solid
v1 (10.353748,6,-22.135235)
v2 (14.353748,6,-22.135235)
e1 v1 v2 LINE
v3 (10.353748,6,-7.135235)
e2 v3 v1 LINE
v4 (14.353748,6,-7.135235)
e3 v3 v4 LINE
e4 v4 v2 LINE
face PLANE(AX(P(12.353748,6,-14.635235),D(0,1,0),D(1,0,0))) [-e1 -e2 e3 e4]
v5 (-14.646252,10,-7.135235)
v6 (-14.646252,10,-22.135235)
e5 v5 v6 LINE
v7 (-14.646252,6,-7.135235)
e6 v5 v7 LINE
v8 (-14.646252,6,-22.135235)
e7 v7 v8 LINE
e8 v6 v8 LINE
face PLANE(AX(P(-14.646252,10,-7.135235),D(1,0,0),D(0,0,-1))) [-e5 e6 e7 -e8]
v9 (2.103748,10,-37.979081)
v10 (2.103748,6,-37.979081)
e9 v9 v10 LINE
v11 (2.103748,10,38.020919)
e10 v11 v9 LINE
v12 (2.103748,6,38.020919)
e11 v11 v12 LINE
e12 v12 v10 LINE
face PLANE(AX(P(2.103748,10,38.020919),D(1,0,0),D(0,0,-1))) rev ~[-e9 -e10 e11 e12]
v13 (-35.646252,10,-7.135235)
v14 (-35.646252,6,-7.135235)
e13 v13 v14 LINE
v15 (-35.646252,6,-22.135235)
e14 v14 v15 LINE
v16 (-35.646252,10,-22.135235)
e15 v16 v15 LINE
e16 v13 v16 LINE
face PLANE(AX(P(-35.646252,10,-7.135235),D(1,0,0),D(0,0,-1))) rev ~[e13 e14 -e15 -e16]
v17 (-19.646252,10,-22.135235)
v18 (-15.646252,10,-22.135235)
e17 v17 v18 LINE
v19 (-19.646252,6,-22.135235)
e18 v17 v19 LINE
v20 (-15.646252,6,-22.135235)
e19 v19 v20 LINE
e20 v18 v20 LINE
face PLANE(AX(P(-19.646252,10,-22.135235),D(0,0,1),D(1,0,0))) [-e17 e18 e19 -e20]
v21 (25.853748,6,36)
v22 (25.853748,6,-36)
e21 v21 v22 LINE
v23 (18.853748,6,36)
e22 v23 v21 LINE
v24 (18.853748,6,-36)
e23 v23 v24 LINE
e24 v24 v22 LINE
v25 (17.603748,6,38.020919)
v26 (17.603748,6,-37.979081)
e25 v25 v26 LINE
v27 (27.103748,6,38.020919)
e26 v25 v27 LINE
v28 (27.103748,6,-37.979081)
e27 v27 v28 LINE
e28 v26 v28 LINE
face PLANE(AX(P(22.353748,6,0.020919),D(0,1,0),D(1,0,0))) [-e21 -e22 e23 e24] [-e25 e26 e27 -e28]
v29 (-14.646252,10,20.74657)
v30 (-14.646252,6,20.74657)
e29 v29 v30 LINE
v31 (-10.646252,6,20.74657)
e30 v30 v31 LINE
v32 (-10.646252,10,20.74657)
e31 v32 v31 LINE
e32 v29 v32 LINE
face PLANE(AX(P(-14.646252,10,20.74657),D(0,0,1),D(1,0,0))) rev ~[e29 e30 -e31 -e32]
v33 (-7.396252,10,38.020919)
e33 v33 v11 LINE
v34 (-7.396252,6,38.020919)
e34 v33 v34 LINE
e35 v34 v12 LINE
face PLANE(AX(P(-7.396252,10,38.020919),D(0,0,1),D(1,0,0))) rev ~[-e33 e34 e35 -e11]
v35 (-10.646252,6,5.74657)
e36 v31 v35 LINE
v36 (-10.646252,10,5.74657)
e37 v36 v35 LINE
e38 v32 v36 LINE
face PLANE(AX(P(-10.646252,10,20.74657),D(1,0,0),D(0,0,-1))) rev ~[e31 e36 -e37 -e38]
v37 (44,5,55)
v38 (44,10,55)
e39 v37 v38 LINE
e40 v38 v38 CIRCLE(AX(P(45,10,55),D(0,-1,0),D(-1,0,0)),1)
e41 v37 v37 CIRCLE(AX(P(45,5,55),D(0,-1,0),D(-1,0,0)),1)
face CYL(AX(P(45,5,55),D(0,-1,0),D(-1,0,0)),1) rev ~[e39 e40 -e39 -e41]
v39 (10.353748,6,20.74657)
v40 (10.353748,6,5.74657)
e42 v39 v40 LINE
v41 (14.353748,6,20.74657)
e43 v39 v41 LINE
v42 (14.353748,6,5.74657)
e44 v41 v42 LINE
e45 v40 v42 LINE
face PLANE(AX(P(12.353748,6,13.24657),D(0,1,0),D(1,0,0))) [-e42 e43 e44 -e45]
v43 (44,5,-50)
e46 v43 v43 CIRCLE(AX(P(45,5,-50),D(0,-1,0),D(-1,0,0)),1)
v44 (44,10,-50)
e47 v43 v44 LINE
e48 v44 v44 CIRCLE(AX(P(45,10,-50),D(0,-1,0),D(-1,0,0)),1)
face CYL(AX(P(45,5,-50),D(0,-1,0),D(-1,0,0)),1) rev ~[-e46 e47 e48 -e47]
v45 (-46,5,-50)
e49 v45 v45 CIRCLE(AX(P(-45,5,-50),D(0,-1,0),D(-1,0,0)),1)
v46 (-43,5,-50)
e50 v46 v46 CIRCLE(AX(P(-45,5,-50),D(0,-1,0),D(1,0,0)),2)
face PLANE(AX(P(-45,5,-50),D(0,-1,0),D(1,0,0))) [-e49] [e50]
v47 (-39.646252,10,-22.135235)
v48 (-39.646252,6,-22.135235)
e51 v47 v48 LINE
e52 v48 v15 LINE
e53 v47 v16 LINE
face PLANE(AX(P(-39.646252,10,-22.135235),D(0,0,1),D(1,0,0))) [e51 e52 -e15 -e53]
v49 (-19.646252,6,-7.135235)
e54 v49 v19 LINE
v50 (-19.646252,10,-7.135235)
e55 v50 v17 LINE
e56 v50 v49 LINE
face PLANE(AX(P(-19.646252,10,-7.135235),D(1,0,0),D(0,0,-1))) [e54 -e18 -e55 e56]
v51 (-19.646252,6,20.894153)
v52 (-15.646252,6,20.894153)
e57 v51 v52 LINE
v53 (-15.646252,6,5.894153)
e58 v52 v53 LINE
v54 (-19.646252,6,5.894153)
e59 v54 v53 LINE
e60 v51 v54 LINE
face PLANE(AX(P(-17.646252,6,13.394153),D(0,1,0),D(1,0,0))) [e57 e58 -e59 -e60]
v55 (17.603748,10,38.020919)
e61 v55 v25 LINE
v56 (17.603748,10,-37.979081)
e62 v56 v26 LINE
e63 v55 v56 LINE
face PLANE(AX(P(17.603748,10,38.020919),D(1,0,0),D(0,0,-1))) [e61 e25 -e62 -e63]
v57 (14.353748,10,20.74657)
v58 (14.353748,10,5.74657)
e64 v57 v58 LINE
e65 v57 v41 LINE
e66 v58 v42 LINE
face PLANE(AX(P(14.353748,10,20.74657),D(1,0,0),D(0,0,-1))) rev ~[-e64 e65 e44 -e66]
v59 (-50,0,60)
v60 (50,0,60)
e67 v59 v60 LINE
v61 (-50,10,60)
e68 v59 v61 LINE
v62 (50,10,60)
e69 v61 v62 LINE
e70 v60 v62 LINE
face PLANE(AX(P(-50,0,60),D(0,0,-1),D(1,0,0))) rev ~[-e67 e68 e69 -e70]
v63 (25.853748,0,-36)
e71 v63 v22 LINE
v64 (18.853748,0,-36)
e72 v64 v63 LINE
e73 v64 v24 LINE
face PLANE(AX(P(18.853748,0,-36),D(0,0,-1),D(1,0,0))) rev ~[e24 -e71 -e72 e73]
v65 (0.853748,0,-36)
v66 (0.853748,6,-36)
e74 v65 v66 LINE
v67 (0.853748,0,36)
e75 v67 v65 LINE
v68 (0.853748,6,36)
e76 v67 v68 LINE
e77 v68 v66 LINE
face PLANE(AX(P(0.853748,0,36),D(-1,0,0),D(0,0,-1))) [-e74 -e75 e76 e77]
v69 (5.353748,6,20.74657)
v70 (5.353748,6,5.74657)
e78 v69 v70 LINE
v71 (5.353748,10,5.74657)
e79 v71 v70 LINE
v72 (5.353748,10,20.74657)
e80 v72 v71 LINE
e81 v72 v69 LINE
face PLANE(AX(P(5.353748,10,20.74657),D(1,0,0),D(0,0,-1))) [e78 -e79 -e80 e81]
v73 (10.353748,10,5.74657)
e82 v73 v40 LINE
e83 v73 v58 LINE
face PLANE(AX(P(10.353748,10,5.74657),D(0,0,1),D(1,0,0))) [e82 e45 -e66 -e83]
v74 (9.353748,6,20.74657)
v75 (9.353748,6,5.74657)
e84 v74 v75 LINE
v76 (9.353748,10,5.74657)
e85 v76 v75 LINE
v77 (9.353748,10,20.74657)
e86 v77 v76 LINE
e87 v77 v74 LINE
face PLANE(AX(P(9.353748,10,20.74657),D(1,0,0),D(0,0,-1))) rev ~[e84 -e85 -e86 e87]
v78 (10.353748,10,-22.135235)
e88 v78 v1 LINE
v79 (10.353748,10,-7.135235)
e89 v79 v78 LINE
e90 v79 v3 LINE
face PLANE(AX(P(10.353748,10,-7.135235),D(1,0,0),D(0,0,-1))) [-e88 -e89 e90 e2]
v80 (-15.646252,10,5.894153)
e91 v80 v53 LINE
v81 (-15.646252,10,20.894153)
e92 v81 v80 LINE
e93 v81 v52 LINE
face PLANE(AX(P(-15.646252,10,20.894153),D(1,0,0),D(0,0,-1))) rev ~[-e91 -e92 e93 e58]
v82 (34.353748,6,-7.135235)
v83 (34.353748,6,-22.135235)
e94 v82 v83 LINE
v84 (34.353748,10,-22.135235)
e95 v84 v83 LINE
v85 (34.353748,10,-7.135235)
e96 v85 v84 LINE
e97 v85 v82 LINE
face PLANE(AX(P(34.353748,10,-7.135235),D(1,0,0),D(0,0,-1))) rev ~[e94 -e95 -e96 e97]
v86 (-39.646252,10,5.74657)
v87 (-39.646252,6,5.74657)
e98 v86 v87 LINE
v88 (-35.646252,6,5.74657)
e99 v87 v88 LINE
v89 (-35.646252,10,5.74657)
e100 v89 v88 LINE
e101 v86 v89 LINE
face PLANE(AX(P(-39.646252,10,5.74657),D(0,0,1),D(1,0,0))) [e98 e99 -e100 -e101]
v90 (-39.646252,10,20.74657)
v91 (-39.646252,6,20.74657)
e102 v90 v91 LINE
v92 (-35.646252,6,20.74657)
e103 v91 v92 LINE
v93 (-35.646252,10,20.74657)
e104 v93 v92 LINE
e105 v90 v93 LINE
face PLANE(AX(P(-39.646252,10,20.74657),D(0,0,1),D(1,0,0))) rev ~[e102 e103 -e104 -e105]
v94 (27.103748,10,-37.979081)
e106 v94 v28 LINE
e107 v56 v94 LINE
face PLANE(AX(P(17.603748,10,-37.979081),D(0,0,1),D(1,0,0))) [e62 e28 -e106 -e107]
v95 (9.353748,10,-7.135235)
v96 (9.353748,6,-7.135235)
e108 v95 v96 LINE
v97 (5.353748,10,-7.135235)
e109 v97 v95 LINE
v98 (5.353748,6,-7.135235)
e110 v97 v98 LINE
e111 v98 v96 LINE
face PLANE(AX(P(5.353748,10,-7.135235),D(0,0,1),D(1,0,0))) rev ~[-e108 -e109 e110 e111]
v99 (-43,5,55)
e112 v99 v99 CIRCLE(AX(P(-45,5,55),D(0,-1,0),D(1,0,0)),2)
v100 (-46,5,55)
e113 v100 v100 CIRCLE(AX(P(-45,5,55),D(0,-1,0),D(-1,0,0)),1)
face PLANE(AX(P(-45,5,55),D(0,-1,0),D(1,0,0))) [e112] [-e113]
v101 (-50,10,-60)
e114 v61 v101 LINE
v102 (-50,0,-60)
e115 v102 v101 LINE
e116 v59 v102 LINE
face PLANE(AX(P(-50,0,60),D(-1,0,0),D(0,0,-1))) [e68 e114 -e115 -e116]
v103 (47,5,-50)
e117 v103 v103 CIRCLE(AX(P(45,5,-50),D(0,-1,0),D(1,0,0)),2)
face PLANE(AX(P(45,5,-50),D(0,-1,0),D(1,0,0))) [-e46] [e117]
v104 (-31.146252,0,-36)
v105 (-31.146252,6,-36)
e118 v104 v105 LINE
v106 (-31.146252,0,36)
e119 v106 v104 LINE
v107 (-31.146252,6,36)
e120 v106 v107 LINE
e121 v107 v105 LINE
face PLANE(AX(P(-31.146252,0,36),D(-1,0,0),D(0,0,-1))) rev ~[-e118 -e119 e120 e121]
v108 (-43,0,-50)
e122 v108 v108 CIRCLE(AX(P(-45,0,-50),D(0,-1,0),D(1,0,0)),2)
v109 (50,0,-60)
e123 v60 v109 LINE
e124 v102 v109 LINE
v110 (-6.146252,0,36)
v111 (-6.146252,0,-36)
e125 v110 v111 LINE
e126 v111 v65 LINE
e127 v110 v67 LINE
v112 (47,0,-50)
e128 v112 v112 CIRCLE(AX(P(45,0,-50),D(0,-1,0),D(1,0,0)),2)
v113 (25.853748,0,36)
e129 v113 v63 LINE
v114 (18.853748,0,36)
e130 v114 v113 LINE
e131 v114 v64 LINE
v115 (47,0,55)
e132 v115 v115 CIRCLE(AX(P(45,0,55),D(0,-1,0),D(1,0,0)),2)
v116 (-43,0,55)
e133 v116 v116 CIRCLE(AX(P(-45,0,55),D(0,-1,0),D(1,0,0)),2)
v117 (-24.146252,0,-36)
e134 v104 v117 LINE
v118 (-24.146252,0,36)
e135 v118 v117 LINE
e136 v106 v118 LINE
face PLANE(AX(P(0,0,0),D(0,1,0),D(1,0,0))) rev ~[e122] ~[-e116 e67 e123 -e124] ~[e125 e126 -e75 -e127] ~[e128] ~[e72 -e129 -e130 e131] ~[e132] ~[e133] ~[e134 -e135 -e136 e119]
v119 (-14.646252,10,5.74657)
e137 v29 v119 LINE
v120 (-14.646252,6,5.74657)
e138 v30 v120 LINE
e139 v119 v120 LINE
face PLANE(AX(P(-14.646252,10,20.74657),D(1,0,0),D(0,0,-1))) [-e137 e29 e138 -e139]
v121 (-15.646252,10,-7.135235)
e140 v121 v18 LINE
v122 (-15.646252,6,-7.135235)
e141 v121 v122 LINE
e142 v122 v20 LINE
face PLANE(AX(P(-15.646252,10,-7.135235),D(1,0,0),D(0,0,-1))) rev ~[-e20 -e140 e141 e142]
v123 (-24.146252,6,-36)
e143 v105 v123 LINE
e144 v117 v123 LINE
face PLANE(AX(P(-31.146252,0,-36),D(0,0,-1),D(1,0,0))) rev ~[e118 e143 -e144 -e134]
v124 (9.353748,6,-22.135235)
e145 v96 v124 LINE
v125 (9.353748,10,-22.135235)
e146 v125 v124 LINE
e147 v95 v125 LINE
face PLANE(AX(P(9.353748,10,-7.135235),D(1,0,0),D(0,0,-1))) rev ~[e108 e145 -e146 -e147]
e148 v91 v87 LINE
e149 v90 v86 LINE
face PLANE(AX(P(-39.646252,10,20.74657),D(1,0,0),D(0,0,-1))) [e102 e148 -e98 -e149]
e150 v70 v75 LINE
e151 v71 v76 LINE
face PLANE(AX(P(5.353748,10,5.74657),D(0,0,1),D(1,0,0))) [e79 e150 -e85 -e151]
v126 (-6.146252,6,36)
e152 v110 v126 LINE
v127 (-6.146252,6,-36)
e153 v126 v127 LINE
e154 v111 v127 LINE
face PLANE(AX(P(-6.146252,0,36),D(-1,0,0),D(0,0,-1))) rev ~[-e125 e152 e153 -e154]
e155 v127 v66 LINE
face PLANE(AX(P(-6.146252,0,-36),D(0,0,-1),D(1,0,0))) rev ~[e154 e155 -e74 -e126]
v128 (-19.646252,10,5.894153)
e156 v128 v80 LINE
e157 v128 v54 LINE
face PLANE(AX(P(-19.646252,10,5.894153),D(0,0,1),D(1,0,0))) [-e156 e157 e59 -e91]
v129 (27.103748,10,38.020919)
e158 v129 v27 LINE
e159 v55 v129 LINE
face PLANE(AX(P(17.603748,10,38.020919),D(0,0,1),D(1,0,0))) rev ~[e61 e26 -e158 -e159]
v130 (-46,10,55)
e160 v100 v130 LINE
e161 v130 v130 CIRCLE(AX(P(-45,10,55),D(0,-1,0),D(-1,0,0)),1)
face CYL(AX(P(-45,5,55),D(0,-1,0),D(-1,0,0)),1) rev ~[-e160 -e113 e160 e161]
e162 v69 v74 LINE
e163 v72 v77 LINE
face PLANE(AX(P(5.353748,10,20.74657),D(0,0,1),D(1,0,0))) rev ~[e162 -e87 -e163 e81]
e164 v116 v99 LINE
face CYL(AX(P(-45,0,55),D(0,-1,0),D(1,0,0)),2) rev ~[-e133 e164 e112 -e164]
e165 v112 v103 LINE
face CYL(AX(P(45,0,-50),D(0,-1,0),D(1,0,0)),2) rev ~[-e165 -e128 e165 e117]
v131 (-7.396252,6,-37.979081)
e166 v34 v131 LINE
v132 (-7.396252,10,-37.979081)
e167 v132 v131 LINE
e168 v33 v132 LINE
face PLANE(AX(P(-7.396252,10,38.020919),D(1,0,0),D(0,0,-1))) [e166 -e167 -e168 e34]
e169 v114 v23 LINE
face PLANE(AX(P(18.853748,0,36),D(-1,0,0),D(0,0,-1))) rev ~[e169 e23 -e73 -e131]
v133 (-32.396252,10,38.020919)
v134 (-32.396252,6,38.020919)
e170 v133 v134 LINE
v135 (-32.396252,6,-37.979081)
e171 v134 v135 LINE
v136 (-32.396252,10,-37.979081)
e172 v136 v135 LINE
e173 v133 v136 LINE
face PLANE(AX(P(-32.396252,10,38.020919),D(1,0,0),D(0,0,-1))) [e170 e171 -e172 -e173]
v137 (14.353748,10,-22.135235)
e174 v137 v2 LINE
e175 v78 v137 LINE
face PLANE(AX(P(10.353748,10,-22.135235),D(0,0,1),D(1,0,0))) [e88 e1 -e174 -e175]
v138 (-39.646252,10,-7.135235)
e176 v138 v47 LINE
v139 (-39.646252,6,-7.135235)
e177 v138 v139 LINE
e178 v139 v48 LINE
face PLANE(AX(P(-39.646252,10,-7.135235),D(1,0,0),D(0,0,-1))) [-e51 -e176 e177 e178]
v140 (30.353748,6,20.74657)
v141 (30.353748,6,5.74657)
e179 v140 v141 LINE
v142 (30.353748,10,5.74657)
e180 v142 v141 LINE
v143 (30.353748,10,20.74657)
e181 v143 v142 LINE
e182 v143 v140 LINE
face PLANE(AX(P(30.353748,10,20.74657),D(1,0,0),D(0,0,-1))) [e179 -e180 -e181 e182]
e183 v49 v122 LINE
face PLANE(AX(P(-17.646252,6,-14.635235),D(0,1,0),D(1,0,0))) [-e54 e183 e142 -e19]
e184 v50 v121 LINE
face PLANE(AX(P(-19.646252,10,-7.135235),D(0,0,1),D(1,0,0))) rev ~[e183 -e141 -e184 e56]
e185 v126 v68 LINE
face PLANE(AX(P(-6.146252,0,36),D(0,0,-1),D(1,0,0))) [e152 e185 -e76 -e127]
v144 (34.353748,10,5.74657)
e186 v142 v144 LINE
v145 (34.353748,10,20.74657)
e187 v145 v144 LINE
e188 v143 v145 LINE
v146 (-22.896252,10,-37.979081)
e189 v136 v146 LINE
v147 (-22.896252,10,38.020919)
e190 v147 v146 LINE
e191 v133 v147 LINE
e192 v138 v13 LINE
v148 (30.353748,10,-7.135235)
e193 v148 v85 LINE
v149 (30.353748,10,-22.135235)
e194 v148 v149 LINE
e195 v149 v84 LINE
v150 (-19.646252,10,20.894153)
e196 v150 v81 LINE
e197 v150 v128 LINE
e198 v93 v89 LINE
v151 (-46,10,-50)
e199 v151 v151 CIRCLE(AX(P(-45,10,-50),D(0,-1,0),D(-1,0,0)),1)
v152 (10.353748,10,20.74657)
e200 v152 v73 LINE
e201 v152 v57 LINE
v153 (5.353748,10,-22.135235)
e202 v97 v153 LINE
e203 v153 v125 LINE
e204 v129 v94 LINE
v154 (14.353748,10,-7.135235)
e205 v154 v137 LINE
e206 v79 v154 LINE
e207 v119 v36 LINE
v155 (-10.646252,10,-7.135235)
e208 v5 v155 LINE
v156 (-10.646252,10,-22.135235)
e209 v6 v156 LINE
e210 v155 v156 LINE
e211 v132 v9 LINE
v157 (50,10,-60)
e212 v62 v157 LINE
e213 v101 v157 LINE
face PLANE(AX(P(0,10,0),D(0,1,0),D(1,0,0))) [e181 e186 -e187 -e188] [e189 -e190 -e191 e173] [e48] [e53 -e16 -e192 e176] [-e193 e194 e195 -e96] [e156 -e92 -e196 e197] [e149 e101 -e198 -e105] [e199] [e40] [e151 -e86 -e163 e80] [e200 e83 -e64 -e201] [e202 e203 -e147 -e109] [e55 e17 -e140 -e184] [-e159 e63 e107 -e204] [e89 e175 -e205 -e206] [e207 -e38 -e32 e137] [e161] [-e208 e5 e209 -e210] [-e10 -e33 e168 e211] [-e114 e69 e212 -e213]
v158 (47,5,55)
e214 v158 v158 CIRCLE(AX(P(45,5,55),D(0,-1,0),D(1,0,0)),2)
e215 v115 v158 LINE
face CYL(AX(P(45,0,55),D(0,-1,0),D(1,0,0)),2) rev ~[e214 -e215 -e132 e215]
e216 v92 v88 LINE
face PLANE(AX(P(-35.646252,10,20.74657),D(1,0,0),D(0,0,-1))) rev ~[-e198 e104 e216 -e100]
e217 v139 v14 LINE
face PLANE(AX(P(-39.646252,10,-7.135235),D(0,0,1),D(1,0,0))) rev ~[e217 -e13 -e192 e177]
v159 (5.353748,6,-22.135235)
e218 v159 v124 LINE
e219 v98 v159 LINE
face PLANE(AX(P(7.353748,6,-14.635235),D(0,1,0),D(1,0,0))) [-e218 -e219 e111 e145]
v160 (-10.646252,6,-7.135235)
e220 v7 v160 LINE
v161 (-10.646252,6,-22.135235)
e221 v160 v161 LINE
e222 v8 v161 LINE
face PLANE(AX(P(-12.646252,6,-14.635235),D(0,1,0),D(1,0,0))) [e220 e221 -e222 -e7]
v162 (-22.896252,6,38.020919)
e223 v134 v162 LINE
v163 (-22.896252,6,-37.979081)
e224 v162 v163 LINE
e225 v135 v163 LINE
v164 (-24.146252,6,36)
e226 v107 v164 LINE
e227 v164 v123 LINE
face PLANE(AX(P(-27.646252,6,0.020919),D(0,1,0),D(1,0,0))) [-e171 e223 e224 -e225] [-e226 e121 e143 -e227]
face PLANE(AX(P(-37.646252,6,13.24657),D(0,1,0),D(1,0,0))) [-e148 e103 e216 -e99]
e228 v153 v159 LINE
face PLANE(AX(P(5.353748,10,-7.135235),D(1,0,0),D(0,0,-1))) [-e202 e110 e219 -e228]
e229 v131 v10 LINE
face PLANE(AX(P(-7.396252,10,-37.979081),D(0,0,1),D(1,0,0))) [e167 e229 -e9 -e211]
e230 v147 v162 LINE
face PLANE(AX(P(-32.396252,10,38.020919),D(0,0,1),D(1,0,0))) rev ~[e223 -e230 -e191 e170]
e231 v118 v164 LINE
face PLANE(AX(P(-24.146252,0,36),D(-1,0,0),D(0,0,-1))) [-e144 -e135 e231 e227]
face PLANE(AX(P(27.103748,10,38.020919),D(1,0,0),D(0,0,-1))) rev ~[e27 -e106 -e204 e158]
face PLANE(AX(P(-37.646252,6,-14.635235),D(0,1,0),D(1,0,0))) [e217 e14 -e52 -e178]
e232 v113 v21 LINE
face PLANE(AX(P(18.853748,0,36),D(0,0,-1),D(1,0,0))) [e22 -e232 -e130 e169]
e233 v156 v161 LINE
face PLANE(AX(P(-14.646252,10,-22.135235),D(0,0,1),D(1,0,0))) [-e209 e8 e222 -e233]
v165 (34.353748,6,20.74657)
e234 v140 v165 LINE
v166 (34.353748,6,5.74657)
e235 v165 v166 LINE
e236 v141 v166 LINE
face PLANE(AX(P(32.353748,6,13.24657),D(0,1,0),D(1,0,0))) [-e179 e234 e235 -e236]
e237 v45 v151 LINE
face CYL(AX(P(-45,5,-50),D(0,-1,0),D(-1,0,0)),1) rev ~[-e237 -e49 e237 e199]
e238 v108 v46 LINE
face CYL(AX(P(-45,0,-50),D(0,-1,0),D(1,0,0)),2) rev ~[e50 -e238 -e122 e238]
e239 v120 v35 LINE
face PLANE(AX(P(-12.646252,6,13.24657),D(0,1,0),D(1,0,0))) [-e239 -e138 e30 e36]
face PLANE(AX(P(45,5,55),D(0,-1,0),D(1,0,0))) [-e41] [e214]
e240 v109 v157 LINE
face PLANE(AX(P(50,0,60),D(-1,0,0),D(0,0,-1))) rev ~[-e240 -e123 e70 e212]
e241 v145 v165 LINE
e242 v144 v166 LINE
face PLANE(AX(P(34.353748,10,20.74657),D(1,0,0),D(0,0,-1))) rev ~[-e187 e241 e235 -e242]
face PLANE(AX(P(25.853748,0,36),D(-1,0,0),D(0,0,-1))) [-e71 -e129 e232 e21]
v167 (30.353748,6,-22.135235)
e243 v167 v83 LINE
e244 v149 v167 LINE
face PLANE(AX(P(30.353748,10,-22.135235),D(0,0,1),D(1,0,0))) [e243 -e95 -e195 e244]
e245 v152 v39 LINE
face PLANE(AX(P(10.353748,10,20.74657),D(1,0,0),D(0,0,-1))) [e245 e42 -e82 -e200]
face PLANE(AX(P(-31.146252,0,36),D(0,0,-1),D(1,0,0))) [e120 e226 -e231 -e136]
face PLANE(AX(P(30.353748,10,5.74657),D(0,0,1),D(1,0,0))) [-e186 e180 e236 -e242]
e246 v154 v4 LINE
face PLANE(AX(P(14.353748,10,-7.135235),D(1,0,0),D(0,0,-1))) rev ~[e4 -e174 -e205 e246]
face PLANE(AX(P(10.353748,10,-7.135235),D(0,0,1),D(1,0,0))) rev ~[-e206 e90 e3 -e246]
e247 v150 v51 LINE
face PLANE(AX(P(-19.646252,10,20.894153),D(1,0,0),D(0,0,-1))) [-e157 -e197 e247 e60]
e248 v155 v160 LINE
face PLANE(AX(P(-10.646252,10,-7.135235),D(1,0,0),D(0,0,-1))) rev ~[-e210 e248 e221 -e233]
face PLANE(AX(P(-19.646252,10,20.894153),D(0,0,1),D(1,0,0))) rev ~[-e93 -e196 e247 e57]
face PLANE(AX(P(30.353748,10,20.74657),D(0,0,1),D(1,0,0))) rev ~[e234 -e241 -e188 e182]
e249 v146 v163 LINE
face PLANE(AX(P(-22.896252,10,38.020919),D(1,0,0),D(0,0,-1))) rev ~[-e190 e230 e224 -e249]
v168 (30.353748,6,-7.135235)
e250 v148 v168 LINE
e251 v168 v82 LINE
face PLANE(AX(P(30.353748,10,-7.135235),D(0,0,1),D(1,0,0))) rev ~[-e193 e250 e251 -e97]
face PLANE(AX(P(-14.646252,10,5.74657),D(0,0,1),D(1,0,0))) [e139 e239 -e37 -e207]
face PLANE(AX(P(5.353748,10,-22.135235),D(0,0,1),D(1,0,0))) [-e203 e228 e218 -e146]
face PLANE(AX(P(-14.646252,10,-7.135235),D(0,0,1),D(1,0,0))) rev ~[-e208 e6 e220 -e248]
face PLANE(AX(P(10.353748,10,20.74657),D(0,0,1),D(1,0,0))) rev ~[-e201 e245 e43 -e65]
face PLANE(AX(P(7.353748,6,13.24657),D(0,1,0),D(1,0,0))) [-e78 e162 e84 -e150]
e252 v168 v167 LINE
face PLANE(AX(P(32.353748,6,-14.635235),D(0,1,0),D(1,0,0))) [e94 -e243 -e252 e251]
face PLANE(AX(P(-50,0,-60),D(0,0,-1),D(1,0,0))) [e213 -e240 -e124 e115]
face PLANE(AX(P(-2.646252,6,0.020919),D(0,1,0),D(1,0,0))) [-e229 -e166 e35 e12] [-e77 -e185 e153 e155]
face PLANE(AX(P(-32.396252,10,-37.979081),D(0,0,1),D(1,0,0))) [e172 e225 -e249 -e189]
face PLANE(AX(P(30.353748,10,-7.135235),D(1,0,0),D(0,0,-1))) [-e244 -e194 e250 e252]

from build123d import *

# Parameters (mm, degrees)
SKETCH2_W           = 100
SKETCH2_H           = 120
SKETCH2_W_2         = 7
SKETCH2_H_2         = 72
BOSS_EXTRUDE1_DEPTH = 10
SKETCH3_W           = 9.5
SKETCH3_H           = 76
SKETCH3_W_2         = 4
SKETCH3_H_2         = 15
CUT_EXTRUDE1_DEPTH  = 4
SKETCH7_R           = 2
CUT_EXTRUDE4_DEPTH  = 5
SKETCH8_R           = 1
CUT_EXTRUDE5_DEPTH  = 5


with BuildPart() as part:
    # Sketch2 → Boss-Extrude1 (new body)
    with BuildSketch(Plane(origin=(0, 0, 0), x_dir=(1, 0, 0), z_dir=(0, 1, 0))):
        Rectangle(SKETCH2_W, SKETCH2_H)
        with Locations((22.353747517, 0)):
            Rectangle(SKETCH2_W_2, SKETCH2_H_2, mode=Mode.SUBTRACT)
        with Locations((-2.646252483, 0)):
            Rectangle(SKETCH2_W_2, SKETCH2_H_2, mode=Mode.SUBTRACT)
        with Locations((-27.646252483, 0)):
            Rectangle(SKETCH2_W_2, SKETCH2_H_2, mode=Mode.SUBTRACT)
    extrude(amount=BOSS_EXTRUDE1_DEPTH)

    # Sketch3 → Cut-Extrude1 (cut)
    with BuildSketch(Plane(origin=(0, 10, 0), x_dir=(1, 0, 0), z_dir=(0, 1, 0))):
        with Locations((-2.646252483, -0.02091915)):
            Rectangle(SKETCH3_W, SKETCH3_H)
        with Locations((-17.646252483, -13.394152505)):
            Rectangle(SKETCH3_W_2, SKETCH3_H_2)
        with Locations((-17.646252483, 14.635235437)):
            Rectangle(SKETCH3_W_2, SKETCH3_H_2)
        with Locations((-37.646252483, 14.635235437)):
            Rectangle(SKETCH3_W_2, SKETCH3_H_2)
        with Locations((-37.646252483, -13.246569784)):
            Rectangle(SKETCH3_W_2, SKETCH3_H_2)
        with Locations((-12.646252483, -13.246569784)):
            Rectangle(SKETCH3_W_2, SKETCH3_H_2)
        with Locations((-12.646252483, 14.635235437)):
            Rectangle(SKETCH3_W_2, SKETCH3_H_2)
        with Locations((7.353747517, 14.635235437)):
            Rectangle(SKETCH3_W_2, SKETCH3_H_2)
        with Locations((12.353747517, 14.635235437)):
            Rectangle(SKETCH3_W_2, SKETCH3_H_2)
        with Locations((12.353747517, -13.246569784)):
            Rectangle(SKETCH3_W_2, SKETCH3_H_2)
        with Locations((7.353747517, -13.246569784)):
            Rectangle(SKETCH3_W_2, SKETCH3_H_2)
        with Locations((32.353747517, -13.246569784)):
            Rectangle(SKETCH3_W_2, SKETCH3_H_2)
        with Locations((32.353747517, 14.635235437)):
            Rectangle(SKETCH3_W_2, SKETCH3_H_2)
        with Locations((-27.646252483, -0.02091915)):
            Rectangle(SKETCH3_W, SKETCH3_H)
        with Locations((22.353747517, -0.02091915)):
            Rectangle(SKETCH3_W, SKETCH3_H)
    extrude(amount=-CUT_EXTRUDE1_DEPTH, mode=Mode.SUBTRACT)

    # Sketch7 → Cut-Extrude4 (cut)
    with BuildSketch(Plane.XZ):
        with Locations((45, -50)):
            Circle(SKETCH7_R)
        with Locations((-45, -50)):
            Circle(SKETCH7_R)
        with Locations((-45, 55)):
            Circle(SKETCH7_R)
        with Locations((45, 55)):
            Circle(SKETCH7_R)
    extrude(amount=-CUT_EXTRUDE4_DEPTH, mode=Mode.SUBTRACT)

    # Sketch8 → Cut-Extrude5 (cut)
    with BuildSketch(Plane(origin=(0, 5, 0), x_dir=(-1, 0, 0), z_dir=(0, -1, 0))):
        with Locations((-45, 50)):
            Circle(SKETCH8_R)
        with Locations((45, 50)):
            Circle(SKETCH8_R)
        with Locations((45, -55)):
            Circle(SKETCH8_R)
        with Locations((-45, -55)):
            Circle(SKETCH8_R)
    extrude(amount=-CUT_EXTRUDE5_DEPTH, mode=Mode.SUBTRACT)


solid = part.part
